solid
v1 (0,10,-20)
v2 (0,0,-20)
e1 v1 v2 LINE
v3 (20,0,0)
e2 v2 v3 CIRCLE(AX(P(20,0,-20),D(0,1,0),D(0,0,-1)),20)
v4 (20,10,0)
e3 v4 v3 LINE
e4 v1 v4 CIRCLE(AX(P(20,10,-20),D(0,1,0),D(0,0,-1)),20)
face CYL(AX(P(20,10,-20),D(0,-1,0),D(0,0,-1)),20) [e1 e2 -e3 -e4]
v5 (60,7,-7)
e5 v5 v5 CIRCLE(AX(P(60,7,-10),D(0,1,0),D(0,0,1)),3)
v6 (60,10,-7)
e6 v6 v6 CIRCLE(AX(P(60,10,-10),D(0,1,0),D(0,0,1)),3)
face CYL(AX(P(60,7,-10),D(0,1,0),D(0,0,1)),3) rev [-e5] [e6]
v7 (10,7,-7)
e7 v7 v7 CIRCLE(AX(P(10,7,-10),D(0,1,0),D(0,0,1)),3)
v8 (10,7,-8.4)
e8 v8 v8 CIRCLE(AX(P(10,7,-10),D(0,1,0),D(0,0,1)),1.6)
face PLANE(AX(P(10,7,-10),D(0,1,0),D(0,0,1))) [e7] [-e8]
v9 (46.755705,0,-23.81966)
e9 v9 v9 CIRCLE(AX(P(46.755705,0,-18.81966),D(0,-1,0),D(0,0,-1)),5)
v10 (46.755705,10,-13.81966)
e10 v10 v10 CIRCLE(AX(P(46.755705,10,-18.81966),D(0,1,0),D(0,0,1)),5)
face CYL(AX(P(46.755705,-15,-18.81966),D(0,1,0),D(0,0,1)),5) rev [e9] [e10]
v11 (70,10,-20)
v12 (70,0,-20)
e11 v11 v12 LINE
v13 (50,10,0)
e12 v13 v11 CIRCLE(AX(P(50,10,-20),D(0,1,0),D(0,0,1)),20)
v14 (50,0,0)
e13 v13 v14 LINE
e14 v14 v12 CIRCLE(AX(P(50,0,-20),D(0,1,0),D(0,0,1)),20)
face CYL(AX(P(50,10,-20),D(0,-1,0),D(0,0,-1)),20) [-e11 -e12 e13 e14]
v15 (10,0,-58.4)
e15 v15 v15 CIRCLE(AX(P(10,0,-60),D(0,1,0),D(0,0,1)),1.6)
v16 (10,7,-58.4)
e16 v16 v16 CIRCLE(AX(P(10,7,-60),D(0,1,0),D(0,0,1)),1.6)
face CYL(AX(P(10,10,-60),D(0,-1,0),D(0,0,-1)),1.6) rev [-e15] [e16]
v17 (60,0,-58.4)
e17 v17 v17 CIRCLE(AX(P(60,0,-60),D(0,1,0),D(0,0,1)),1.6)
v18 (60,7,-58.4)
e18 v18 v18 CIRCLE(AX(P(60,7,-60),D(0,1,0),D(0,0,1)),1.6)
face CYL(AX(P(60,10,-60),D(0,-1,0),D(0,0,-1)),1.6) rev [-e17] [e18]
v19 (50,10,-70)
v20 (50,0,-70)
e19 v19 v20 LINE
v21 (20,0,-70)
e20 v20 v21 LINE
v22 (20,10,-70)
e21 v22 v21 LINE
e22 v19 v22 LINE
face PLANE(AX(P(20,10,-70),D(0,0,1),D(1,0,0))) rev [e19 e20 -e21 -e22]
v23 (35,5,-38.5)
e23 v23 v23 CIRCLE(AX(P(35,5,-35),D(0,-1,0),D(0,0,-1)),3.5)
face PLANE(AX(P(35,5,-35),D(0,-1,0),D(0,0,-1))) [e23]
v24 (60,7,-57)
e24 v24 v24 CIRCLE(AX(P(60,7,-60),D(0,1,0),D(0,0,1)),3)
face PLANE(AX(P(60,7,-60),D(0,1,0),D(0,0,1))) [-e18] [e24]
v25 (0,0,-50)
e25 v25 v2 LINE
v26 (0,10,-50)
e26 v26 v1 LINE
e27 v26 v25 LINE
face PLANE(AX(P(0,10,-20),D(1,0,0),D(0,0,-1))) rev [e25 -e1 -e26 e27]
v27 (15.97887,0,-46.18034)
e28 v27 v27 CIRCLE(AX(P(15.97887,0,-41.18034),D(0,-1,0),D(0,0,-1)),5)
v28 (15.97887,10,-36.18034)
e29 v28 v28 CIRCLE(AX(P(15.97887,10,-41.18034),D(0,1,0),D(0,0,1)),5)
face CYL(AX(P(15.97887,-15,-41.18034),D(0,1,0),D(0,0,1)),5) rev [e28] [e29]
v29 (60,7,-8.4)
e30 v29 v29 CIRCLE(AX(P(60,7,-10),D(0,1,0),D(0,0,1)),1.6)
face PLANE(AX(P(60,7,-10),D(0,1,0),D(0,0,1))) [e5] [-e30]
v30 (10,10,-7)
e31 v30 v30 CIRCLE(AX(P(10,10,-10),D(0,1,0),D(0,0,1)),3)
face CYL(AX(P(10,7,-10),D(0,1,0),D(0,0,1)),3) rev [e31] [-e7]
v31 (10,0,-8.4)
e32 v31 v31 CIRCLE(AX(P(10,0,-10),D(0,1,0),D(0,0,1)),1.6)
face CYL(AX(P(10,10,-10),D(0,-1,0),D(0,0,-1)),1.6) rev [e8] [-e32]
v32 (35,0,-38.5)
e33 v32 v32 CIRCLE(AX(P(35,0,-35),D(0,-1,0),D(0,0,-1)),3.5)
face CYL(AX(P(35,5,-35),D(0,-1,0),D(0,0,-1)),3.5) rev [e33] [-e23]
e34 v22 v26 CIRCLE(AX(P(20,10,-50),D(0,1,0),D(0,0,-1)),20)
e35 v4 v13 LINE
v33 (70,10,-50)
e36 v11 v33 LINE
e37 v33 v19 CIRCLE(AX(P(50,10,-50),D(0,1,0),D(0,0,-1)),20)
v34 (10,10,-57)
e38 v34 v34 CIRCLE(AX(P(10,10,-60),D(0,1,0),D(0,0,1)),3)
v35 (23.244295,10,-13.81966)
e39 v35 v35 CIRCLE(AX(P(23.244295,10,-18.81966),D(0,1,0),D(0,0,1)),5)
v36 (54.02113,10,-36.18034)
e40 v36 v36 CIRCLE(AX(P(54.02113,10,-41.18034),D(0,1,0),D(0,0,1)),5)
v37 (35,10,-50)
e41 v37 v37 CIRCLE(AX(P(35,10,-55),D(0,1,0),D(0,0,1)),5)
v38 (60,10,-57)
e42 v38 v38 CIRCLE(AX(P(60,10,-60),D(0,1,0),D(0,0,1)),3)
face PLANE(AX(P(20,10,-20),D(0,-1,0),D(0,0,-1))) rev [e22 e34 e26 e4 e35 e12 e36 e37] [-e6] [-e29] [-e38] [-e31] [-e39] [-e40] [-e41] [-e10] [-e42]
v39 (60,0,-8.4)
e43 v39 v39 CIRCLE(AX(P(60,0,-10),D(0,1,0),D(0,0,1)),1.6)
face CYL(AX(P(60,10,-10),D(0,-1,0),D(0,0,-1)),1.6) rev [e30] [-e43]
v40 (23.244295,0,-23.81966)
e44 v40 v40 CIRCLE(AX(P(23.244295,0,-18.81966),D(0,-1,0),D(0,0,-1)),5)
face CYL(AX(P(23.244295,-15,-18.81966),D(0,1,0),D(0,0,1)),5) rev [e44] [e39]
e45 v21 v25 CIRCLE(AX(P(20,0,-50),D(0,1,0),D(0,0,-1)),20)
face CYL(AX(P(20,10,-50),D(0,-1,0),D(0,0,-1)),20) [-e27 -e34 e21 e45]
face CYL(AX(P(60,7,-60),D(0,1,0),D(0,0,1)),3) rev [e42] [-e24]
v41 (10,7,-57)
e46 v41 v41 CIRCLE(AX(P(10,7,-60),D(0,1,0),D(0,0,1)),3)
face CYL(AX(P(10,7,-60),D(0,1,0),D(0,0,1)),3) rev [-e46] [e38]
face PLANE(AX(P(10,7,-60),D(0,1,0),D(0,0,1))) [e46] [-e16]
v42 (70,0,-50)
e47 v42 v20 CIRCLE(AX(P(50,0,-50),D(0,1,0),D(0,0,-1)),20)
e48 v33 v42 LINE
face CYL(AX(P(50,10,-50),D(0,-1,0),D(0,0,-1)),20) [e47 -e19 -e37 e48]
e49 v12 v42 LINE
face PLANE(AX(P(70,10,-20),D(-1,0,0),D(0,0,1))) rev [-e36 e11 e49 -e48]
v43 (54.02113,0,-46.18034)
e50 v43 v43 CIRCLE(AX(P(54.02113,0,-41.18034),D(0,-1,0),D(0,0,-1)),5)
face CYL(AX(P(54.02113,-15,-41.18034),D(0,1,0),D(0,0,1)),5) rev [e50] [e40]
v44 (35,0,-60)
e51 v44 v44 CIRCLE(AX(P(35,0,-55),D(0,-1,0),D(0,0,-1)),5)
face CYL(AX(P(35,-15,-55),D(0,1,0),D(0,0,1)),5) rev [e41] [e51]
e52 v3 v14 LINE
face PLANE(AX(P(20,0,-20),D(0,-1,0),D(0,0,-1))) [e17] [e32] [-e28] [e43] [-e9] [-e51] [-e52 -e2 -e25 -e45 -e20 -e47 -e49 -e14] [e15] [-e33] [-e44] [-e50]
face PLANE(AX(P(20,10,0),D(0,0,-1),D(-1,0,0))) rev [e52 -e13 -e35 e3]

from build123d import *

# Parameters (mm, degrees)
SKETCH_1_R          = 1.6
EXTRUDE_1_DEPTH     = 10
SKETCH_2_R          = 5
CUT_EXTRUDE_1_DEPTH = 25
SKETCH_3_R          = 3
CUT_EXTRUDE_2_DEPTH = 3
CUT_EXTRUDE_START   = -5
SKETCH_4_R          = 5
SKETCH_4_R_2        = 3.5
CUT_EXTRUDE_3_DEPTH = 5


with BuildPart() as part:
    # 草图1 → 凸台-拉伸1 (new body)
    with BuildSketch(Plane(origin=(0, 0, 0), x_dir=(1, 0, 0), z_dir=(0, 1, 0))):
        with BuildLine():
            Line((20, 0), (50, 0))
            ThreePointArc((50, 0), (64.142135624, 5.857864376), (70, 20))
            Line((70, 20), (70, 50))
            ThreePointArc((70, 50), (64.142135624, 64.142135624), (50, 70))
            Line((50, 70), (20, 70))
            ThreePointArc((20, 70), (5.857864376, 64.142135624), (0, 50))
            Line((0, 50), (0, 20))
            ThreePointArc((0, 20), (5.857864376, 5.857864376), (20, 0))
        make_face()
        with Locations(Location((10, 60, 0), (0, 0, 270))):
            Circle(SKETCH_1_R, mode=Mode.SUBTRACT)
        with Locations(Location((60, 60, 0), (0, 0, 270))):
            Circle(SKETCH_1_R, mode=Mode.SUBTRACT)
        with Locations(Location((60, 10, 0), (0, 0, 270))):
            Circle(SKETCH_1_R, mode=Mode.SUBTRACT)
        with Locations(Location((10, 10, 0), (0, 0, 270))):
            Circle(SKETCH_1_R, mode=Mode.SUBTRACT)
    extrude(amount=EXTRUDE_1_DEPTH)

    # 草图2 → 切除-拉伸1 (cut)
    with BuildSketch(Plane(origin=(0, 10, 0), x_dir=(1, 0, 0), z_dir=(0, 1, 0))):
        with Locations(Location((35, 55, 0), (0, 0, 270))):
            Circle(SKETCH_2_R)
        with Locations(Location((54.021130326, 41.180339888, 0), (0, 0, 270))):
            Circle(SKETCH_2_R)
        with Locations(Location((46.755705046, 18.819660113, 0), (0, 0, 270))):
            Circle(SKETCH_2_R)
        with Locations(Location((23.244294954, 18.819660112, 0), (0, 0, 270))):
            Circle(SKETCH_2_R)
        with Locations(Location((15.978869674, 41.180339887, 0), (0, 0, 270))):
            Circle(SKETCH_2_R)
    extrude(amount=-CUT_EXTRUDE_1_DEPTH, mode=Mode.SUBTRACT)

    # 草图3 → 切除-拉伸2 (cut)
    with BuildSketch(Plane(origin=(0, 10, 0), x_dir=(1, 0, 0), z_dir=(0, 1, 0))):
        with Locations(Location((10, 60, 0), (0, 0, 270))):
            Circle(SKETCH_3_R)
        with Locations(Location((60, 60, 0), (0, 0, 270))):
            Circle(SKETCH_3_R)
        with Locations(Location((60, 10, 0), (0, 0, 270))):
            Circle(SKETCH_3_R)
        with Locations(Location((10, 10, 0), (0, 0, 270))):
            Circle(SKETCH_3_R)
    extrude(amount=-CUT_EXTRUDE_2_DEPTH, mode=Mode.SUBTRACT)

    # 草图4 → 切除-拉伸3 (cut)
    with BuildSketch(Plane.XZ.offset(CUT_EXTRUDE_START)):
        with Locations(Location((15.978869674, -41.180339887, 0), (0, 0, 90))):
            Circle(SKETCH_4_R)
        with Locations(Location((35, -55, 0), (0, 0, 90))):
            Circle(SKETCH_4_R)
        with Locations(Location((54.021130326, -41.180339888, 0), (0, 0, 90))):
            Circle(SKETCH_4_R)
        with Locations(Location((46.755705046, -18.819660113, 0), (0, 0, 90))):
            Circle(SKETCH_4_R)
        with Locations(Location((23.244294954, -18.819660112, 0), (0, 0, 90))):
            Circle(SKETCH_4_R)
        with Locations(Location((35, -35, 0), (0, 0, 270))):
            Circle(SKETCH_4_R_2)
    extrude(amount=CUT_EXTRUDE_3_DEPTH, mode=Mode.SUBTRACT)


solid = part.part
